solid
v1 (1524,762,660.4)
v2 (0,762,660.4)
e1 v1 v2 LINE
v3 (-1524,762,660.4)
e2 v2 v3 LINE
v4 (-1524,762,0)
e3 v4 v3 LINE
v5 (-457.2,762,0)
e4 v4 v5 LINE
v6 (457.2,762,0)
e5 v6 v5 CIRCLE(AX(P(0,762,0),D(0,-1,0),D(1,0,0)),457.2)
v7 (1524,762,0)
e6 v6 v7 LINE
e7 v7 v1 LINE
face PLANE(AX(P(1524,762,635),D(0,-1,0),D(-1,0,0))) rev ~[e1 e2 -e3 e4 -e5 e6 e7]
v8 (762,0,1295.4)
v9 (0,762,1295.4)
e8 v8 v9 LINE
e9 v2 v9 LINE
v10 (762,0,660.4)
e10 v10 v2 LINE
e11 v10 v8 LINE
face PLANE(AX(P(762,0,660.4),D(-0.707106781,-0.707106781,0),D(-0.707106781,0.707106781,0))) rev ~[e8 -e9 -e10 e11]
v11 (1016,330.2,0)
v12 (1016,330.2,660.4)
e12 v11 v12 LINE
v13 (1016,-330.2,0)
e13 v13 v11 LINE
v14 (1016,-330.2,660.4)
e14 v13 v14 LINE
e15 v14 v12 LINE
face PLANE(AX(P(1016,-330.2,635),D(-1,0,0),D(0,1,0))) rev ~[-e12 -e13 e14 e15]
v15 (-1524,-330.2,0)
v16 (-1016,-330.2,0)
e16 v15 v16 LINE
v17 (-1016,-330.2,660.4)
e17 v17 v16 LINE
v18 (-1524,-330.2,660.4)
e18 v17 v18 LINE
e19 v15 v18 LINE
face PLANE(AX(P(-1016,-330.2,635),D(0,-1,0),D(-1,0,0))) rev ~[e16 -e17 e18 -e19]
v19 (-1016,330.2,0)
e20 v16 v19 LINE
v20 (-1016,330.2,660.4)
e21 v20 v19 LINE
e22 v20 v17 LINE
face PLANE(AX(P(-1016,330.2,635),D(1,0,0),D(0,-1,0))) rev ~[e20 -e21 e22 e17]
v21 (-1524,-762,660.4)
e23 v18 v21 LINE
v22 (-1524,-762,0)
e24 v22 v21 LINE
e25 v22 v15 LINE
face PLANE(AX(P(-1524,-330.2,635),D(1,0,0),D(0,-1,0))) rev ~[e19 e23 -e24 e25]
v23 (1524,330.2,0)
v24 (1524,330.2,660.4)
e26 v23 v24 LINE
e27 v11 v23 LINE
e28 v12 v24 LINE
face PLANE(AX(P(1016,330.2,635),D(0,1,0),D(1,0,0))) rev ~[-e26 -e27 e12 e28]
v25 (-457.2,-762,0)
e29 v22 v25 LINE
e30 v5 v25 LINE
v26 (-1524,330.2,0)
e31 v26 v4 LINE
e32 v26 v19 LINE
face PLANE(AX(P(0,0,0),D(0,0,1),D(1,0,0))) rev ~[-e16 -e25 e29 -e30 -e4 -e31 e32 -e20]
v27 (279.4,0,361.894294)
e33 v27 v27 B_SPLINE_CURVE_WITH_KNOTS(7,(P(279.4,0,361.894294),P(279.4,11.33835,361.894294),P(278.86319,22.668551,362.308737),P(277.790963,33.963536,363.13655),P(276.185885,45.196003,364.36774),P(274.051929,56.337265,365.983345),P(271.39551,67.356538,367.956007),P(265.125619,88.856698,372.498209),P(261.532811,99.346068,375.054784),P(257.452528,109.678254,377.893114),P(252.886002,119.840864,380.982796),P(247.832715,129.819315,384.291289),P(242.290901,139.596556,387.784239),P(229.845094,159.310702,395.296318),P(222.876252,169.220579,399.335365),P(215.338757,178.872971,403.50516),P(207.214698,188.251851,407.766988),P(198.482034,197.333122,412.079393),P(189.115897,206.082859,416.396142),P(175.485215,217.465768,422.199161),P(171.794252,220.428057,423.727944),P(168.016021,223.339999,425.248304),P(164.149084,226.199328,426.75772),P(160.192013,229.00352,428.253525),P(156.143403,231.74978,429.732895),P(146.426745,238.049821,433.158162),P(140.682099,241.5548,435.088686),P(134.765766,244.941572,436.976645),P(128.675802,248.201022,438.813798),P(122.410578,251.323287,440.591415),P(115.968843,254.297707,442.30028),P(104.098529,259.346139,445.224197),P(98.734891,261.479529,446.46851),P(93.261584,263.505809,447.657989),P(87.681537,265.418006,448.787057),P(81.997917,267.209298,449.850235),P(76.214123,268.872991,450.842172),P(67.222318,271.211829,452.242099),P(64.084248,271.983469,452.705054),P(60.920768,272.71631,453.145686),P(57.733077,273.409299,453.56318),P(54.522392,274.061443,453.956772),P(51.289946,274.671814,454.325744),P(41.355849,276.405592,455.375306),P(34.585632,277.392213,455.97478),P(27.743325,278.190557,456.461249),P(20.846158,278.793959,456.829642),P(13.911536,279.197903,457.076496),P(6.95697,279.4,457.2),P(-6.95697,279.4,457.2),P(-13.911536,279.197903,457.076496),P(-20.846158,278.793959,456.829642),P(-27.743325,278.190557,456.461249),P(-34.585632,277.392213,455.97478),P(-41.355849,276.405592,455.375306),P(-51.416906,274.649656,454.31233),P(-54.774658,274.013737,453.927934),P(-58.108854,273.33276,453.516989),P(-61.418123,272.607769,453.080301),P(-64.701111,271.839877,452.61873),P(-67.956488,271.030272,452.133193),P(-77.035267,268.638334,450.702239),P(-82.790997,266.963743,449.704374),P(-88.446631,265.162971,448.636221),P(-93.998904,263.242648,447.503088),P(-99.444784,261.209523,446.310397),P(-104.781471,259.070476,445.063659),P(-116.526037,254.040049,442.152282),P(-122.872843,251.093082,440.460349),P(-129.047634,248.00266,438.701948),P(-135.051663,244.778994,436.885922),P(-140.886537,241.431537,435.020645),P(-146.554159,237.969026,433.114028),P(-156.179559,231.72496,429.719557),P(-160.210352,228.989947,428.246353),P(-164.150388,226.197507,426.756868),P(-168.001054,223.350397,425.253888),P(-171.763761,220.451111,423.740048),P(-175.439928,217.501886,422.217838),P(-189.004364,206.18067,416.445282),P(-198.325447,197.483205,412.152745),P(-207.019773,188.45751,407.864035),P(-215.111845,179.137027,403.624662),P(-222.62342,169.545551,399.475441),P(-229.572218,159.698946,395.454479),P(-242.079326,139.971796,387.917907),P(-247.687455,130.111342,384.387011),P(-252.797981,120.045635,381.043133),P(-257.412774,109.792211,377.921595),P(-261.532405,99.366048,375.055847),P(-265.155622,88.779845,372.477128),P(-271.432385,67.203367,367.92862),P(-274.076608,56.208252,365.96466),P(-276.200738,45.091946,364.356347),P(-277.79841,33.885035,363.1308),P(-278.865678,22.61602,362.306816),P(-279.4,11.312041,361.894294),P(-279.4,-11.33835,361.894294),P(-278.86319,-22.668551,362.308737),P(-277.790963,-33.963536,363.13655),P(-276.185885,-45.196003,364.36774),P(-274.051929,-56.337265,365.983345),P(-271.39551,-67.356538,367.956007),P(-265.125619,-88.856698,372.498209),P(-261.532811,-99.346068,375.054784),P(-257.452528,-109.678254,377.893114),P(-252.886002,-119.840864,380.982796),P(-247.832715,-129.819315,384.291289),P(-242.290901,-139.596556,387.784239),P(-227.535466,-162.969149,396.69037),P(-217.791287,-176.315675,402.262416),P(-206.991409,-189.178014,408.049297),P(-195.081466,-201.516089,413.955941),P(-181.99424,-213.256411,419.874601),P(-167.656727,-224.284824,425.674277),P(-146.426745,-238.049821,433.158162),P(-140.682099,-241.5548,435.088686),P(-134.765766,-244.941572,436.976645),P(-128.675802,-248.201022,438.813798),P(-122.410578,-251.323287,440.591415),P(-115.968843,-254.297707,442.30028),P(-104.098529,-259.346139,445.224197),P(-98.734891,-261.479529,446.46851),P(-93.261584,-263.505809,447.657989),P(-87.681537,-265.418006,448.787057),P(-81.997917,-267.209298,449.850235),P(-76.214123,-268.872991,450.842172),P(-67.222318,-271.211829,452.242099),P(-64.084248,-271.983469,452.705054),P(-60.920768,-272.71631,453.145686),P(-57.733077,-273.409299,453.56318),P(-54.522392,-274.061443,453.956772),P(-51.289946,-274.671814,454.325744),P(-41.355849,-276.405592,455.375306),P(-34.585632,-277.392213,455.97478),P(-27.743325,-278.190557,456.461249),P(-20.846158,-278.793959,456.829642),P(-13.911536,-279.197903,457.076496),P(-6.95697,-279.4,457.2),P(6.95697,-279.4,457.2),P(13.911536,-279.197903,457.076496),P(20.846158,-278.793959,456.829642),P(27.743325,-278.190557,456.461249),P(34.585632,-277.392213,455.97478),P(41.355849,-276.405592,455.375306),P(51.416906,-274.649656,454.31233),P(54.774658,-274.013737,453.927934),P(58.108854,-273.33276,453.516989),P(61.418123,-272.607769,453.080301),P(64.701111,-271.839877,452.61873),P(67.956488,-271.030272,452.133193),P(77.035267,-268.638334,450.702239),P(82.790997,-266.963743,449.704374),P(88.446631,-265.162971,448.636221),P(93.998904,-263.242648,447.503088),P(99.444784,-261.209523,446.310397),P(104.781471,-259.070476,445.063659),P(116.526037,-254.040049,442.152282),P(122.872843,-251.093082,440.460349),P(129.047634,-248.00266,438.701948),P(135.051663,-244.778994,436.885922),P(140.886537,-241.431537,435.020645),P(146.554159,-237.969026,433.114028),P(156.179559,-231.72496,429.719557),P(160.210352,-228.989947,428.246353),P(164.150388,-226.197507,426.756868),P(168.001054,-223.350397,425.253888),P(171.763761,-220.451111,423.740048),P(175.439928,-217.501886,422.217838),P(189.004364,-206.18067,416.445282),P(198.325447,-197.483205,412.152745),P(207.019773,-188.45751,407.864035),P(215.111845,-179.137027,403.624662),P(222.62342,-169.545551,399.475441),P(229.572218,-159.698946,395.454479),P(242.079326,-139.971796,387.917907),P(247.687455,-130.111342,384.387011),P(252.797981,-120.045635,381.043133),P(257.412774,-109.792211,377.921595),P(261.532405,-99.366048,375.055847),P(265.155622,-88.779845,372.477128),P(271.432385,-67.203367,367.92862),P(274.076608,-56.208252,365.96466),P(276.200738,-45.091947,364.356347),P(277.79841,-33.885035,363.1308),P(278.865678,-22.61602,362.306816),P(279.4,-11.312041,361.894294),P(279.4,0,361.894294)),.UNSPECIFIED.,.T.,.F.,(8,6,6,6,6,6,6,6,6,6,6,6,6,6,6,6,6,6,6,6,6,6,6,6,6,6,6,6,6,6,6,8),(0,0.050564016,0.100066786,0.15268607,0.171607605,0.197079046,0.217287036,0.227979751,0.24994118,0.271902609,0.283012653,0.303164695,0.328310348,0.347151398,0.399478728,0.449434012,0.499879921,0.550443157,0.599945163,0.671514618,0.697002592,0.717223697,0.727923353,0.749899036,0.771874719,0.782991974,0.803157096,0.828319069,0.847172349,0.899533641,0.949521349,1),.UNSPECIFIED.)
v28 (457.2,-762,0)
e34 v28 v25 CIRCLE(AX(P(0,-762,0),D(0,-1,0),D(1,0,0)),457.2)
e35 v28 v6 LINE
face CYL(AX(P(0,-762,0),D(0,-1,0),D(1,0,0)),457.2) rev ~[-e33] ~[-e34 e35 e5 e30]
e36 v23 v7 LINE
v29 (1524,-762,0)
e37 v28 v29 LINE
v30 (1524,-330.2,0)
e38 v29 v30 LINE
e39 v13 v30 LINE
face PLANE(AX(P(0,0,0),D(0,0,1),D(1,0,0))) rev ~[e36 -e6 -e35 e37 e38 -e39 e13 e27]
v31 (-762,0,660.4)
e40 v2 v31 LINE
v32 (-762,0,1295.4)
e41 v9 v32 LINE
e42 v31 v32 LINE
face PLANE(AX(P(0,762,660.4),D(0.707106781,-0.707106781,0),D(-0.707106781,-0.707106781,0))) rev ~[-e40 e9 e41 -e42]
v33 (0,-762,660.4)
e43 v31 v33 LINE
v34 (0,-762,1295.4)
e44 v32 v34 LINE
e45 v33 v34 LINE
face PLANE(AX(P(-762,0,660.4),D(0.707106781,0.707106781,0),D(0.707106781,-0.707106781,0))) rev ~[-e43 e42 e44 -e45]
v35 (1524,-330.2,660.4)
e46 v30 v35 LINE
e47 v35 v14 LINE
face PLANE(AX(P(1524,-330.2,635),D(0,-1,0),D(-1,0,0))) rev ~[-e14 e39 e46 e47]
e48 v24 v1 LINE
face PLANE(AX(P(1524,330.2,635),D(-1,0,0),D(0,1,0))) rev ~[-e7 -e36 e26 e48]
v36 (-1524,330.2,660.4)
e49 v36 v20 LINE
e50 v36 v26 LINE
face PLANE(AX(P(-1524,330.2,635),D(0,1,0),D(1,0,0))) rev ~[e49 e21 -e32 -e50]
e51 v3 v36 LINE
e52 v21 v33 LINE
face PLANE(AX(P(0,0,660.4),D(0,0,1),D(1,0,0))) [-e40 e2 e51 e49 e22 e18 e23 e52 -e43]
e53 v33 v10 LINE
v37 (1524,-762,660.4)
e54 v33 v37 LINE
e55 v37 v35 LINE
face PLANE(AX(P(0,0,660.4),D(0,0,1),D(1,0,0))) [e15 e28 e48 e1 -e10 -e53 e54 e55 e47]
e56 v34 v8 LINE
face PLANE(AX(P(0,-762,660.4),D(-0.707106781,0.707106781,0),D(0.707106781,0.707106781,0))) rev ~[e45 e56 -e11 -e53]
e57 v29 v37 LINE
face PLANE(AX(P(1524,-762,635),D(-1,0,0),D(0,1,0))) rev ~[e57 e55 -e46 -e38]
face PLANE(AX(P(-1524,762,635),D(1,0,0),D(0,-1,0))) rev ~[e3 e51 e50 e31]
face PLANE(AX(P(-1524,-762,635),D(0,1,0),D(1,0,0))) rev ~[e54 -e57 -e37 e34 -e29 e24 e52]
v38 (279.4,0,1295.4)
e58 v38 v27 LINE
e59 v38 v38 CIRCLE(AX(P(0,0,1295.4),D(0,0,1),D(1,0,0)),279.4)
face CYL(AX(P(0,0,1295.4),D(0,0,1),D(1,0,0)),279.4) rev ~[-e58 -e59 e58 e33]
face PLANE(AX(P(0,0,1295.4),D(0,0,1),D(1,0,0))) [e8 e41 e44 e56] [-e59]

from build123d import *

# Parameters (mm, degrees)
F0_W      = 3048
F0_H      = 1524
F1_DEPTH  = 635
F2_W      = 1016
F2_H      = 660.4
F3_DEPTH  = 635.001
F4_W      = 1016
F4_H      = 660.4
F5_DEPTH  = 635.001
F6_DEPTH  = 25.4
F8_DEPTH  = 635
F9_R      = 279.4
F10_DEPTH = 1295.401
F11_R     = 457.2
F12_DEPTH = 1524.001


with BuildPart() as f1:
    # F0 (on Top) → F1 (new body)
    with BuildSketch(Plane.XY):
        Rectangle(F0_W, F0_H)
    extrude(amount=F1_DEPTH)

    # F2 (on face) → F3 (cut, through all)
    with BuildSketch(Plane.XY.offset(635)):
        with Locations((-1524, 0)):
            Rectangle(F2_W, F2_H)
    extrude(amount=-F3_DEPTH, mode=Mode.SUBTRACT)

    # F4 (on face) → F5 (cut, through all)
    with BuildSketch(Plane.XY.offset(635)):
        with Locations((1524, 0)):
            Rectangle(F4_W, F4_H)
    extrude(amount=-F5_DEPTH, mode=Mode.SUBTRACT)

    # F1_face (on face) → F6 (join)
    with BuildSketch(Plane.XY.offset(635)):
        Polygon((-1016, -330.2), (-1524, -330.2), (-1524, -762), (1524, -762), (1524, -330.2), (1016, -330.2), (1016, 330.2), (1524, 330.2), (1524, 762), (-1524, 762), (-1524, 330.2), (-1016, 330.2), align=None)
    extrude(amount=F6_DEPTH)

    # F7 (on face) → F8 (join)
    with BuildSketch(Plane.XY.offset(660.4)):
        Polygon((762, 0), (0, 762), (-762, 0), (0, -762), align=None)
    extrude(amount=F8_DEPTH)

    # F9 (on face) → F10 (cut, through all)
    with BuildSketch(Plane.XY.offset(1295.4)):
        Circle(F9_R)
    extrude(amount=-F10_DEPTH, mode=Mode.SUBTRACT)

    # F11 (on face) → F12 (cut, through all)
    with BuildSketch(Plane.XZ.offset(762)):
        Circle(F11_R)
    extrude(amount=-F12_DEPTH, mode=Mode.SUBTRACT)


solid = f1.part
